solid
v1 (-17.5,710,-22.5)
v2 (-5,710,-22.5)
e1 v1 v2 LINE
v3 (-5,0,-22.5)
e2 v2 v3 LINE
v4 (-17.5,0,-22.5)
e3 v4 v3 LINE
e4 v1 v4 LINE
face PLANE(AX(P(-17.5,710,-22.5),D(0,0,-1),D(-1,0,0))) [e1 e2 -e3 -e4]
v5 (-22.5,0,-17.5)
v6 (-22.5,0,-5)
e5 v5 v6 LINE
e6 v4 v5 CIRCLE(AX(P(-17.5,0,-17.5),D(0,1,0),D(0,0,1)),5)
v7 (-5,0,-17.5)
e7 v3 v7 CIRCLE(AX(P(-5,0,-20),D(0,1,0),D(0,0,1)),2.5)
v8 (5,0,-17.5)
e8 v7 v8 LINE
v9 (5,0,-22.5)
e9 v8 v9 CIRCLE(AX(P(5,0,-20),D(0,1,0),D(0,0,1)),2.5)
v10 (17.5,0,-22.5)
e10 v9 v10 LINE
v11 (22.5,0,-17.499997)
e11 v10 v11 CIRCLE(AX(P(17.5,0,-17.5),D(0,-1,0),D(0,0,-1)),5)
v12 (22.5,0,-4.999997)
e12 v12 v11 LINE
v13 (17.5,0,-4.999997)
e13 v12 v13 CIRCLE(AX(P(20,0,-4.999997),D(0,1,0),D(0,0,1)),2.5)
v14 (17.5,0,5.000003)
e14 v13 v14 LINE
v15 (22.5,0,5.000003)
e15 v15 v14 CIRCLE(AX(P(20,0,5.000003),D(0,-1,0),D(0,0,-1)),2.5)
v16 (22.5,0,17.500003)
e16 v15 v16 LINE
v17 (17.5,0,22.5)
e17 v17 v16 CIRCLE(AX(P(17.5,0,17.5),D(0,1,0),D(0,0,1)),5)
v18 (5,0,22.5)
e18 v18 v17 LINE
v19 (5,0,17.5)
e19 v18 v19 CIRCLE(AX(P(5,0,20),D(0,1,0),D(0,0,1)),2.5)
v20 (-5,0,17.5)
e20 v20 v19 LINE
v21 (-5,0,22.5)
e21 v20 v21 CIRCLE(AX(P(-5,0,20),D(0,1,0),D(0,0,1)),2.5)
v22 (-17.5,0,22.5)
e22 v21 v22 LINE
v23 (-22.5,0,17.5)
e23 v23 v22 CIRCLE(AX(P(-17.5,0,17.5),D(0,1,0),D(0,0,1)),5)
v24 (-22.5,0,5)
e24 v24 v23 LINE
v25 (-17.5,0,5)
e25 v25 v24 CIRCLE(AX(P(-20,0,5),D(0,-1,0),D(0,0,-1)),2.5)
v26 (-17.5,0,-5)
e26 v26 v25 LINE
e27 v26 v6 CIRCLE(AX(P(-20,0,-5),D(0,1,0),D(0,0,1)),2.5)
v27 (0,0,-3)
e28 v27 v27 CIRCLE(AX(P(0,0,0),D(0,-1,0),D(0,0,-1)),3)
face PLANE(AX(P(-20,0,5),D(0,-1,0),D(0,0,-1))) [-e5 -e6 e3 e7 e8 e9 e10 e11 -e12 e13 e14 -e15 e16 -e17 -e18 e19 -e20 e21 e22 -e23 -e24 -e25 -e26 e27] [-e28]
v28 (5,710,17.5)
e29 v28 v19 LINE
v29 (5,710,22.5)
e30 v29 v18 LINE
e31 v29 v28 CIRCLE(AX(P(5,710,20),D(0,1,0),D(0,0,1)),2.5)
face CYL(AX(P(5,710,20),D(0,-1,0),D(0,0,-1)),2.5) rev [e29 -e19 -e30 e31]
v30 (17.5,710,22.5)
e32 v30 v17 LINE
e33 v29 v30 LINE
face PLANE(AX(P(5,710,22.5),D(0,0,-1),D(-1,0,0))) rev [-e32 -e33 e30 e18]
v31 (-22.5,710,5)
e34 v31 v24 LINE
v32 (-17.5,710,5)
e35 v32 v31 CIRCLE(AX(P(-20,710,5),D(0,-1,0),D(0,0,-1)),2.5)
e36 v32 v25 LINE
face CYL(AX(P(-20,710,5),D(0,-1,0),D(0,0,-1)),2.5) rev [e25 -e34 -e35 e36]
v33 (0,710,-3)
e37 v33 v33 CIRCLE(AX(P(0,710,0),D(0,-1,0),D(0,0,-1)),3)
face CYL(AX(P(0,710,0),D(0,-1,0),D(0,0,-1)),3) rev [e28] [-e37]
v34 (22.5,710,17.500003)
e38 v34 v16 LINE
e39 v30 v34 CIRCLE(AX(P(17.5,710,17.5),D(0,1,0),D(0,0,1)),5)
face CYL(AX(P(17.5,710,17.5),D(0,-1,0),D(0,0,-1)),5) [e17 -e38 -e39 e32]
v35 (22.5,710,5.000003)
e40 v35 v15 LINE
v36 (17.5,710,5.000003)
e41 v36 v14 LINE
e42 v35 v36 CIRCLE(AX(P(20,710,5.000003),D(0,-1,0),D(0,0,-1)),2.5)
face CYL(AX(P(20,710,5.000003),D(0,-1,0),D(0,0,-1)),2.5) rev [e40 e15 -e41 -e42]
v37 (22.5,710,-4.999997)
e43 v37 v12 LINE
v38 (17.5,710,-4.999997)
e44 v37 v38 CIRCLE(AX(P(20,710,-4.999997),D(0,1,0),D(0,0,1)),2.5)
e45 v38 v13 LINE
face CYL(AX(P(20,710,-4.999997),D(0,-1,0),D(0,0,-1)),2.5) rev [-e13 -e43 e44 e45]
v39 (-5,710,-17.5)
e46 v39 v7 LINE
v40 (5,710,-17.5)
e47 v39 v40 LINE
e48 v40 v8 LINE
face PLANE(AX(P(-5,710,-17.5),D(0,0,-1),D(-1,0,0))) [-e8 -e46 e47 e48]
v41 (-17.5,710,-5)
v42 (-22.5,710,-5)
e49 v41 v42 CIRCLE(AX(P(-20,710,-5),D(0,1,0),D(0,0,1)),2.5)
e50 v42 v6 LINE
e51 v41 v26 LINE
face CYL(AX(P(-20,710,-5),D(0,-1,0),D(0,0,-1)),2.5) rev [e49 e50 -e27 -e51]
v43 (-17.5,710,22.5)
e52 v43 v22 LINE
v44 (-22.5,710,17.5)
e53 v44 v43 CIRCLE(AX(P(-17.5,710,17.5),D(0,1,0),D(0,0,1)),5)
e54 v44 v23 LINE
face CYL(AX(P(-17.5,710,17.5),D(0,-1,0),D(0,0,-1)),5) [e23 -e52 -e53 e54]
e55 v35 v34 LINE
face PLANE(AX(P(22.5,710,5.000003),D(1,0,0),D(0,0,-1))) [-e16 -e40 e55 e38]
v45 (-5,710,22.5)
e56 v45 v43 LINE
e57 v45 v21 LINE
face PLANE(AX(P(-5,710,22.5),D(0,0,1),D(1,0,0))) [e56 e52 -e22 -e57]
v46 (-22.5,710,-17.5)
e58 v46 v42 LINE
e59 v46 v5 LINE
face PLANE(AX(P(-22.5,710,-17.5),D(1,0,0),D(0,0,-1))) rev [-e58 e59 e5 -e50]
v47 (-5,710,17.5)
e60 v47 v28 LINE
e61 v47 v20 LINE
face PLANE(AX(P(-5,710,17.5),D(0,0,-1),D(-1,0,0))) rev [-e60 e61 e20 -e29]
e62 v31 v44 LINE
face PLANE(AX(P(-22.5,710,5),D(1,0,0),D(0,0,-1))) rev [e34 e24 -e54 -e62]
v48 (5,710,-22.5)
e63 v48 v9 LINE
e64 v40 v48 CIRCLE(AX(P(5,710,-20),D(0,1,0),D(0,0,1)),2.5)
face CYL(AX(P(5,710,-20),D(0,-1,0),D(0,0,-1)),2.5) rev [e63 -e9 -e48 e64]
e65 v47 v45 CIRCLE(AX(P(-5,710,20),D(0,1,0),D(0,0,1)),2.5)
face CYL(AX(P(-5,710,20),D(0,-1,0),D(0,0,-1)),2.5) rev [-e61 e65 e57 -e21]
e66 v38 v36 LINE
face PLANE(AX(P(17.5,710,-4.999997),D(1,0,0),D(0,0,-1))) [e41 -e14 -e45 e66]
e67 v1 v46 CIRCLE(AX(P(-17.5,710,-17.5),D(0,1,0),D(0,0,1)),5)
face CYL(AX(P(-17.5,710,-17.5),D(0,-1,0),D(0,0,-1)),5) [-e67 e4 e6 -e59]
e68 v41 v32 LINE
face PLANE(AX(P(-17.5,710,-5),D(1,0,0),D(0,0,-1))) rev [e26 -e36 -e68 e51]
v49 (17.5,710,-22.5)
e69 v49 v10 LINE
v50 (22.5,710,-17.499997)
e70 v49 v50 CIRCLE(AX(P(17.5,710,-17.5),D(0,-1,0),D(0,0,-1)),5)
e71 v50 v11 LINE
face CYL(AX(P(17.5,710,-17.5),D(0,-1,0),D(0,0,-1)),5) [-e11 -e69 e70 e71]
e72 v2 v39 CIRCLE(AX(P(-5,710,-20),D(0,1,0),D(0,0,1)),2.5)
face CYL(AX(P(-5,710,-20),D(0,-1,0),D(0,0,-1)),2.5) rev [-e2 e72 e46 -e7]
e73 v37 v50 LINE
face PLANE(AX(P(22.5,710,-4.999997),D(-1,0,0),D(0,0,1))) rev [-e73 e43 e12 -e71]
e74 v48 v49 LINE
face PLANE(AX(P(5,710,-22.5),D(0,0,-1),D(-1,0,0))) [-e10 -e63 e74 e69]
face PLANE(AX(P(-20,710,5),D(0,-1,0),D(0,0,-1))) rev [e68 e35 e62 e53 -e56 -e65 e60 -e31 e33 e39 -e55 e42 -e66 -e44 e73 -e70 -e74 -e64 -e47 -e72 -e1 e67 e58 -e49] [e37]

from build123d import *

# Parameters (mm, degrees)
BOSS_EXTRU_2_DEPTH      = 710
ESQUISSE5_R             = 3
ENL_V_MAT_EXTRU_1_DEPTH = 711.712670493


with BuildPart() as part:
    # Esquisse4 → Boss.-Extru.2 (new body)
    with BuildSketch(Plane(origin=(0, 0, 0), x_dir=(1, 0, 0), z_dir=(0, 1, 0))):
        with BuildLine():
            Line((-17.5, 22.5), (-5, 22.5))
            ThreePointArc((-5, 22.5), (-7.5, 20), (-5, 17.5))
            Line((-5, 17.5), (5, 17.5))
            ThreePointArc((5, 17.5), (7.5, 20), (5, 22.5))
            Line((5, 22.5), (17.5, 22.5))
            ThreePointArc((17.5, 22.5), (21.035534799, 21.035533013), (22.5, 17.499997475))
            Line((22.5, 17.499997475), (22.5, 4.999997475))
            ThreePointArc((22.5, 4.999997475), (20, 7.499997475), (17.5, 4.999997475))
            Line((17.5, 4.999997475), (17.5, -5.000002525))
            ThreePointArc((17.5, -5.000002525), (20, -7.500002525), (22.5, -5.000002525))
            Line((22.5, -5.000002525), (22.5, -17.500002525))
            ThreePointArc((22.5, -17.500002525), (21.035533013, -21.035534799), (17.5, -22.5))
            Line((17.5, -22.5), (5, -22.5))
            ThreePointArc((5, -22.5), (7.5, -20), (5, -17.5))
            Line((5, -17.5), (-5, -17.5))
            ThreePointArc((-5, -17.5), (-7.5, -20), (-5, -22.5))
            Line((-5, -22.5), (-17.5, -22.5))
            ThreePointArc((-17.5, -22.5), (-21.035533906, -21.035533906), (-22.5, -17.5))
            Line((-22.5, -17.5), (-22.5, -5))
            ThreePointArc((-22.5, -5), (-20, -7.5), (-17.5, -5))
            Line((-17.5, -5), (-17.5, 5))
            ThreePointArc((-17.5, 5), (-20, 7.5), (-22.5, 5))
            Line((-22.5, 5), (-22.5, 17.5))
            ThreePointArc((-22.5, 17.5), (-21.035533906, 21.035533906), (-17.5, 22.5))
        make_face()
    extrude(amount=BOSS_EXTRU_2_DEPTH)

    # Esquisse5 → Enlèv. mat.-Extru.1 (cut, through all)
    with BuildSketch(Plane.XZ):
        with Locations(Location((0, 0, 0), (0, 0, 270))):
            Circle(ESQUISSE5_R)
    extrude(amount=-ENL_V_MAT_EXTRU_1_DEPTH, mode=Mode.SUBTRACT)


solid = part.part
